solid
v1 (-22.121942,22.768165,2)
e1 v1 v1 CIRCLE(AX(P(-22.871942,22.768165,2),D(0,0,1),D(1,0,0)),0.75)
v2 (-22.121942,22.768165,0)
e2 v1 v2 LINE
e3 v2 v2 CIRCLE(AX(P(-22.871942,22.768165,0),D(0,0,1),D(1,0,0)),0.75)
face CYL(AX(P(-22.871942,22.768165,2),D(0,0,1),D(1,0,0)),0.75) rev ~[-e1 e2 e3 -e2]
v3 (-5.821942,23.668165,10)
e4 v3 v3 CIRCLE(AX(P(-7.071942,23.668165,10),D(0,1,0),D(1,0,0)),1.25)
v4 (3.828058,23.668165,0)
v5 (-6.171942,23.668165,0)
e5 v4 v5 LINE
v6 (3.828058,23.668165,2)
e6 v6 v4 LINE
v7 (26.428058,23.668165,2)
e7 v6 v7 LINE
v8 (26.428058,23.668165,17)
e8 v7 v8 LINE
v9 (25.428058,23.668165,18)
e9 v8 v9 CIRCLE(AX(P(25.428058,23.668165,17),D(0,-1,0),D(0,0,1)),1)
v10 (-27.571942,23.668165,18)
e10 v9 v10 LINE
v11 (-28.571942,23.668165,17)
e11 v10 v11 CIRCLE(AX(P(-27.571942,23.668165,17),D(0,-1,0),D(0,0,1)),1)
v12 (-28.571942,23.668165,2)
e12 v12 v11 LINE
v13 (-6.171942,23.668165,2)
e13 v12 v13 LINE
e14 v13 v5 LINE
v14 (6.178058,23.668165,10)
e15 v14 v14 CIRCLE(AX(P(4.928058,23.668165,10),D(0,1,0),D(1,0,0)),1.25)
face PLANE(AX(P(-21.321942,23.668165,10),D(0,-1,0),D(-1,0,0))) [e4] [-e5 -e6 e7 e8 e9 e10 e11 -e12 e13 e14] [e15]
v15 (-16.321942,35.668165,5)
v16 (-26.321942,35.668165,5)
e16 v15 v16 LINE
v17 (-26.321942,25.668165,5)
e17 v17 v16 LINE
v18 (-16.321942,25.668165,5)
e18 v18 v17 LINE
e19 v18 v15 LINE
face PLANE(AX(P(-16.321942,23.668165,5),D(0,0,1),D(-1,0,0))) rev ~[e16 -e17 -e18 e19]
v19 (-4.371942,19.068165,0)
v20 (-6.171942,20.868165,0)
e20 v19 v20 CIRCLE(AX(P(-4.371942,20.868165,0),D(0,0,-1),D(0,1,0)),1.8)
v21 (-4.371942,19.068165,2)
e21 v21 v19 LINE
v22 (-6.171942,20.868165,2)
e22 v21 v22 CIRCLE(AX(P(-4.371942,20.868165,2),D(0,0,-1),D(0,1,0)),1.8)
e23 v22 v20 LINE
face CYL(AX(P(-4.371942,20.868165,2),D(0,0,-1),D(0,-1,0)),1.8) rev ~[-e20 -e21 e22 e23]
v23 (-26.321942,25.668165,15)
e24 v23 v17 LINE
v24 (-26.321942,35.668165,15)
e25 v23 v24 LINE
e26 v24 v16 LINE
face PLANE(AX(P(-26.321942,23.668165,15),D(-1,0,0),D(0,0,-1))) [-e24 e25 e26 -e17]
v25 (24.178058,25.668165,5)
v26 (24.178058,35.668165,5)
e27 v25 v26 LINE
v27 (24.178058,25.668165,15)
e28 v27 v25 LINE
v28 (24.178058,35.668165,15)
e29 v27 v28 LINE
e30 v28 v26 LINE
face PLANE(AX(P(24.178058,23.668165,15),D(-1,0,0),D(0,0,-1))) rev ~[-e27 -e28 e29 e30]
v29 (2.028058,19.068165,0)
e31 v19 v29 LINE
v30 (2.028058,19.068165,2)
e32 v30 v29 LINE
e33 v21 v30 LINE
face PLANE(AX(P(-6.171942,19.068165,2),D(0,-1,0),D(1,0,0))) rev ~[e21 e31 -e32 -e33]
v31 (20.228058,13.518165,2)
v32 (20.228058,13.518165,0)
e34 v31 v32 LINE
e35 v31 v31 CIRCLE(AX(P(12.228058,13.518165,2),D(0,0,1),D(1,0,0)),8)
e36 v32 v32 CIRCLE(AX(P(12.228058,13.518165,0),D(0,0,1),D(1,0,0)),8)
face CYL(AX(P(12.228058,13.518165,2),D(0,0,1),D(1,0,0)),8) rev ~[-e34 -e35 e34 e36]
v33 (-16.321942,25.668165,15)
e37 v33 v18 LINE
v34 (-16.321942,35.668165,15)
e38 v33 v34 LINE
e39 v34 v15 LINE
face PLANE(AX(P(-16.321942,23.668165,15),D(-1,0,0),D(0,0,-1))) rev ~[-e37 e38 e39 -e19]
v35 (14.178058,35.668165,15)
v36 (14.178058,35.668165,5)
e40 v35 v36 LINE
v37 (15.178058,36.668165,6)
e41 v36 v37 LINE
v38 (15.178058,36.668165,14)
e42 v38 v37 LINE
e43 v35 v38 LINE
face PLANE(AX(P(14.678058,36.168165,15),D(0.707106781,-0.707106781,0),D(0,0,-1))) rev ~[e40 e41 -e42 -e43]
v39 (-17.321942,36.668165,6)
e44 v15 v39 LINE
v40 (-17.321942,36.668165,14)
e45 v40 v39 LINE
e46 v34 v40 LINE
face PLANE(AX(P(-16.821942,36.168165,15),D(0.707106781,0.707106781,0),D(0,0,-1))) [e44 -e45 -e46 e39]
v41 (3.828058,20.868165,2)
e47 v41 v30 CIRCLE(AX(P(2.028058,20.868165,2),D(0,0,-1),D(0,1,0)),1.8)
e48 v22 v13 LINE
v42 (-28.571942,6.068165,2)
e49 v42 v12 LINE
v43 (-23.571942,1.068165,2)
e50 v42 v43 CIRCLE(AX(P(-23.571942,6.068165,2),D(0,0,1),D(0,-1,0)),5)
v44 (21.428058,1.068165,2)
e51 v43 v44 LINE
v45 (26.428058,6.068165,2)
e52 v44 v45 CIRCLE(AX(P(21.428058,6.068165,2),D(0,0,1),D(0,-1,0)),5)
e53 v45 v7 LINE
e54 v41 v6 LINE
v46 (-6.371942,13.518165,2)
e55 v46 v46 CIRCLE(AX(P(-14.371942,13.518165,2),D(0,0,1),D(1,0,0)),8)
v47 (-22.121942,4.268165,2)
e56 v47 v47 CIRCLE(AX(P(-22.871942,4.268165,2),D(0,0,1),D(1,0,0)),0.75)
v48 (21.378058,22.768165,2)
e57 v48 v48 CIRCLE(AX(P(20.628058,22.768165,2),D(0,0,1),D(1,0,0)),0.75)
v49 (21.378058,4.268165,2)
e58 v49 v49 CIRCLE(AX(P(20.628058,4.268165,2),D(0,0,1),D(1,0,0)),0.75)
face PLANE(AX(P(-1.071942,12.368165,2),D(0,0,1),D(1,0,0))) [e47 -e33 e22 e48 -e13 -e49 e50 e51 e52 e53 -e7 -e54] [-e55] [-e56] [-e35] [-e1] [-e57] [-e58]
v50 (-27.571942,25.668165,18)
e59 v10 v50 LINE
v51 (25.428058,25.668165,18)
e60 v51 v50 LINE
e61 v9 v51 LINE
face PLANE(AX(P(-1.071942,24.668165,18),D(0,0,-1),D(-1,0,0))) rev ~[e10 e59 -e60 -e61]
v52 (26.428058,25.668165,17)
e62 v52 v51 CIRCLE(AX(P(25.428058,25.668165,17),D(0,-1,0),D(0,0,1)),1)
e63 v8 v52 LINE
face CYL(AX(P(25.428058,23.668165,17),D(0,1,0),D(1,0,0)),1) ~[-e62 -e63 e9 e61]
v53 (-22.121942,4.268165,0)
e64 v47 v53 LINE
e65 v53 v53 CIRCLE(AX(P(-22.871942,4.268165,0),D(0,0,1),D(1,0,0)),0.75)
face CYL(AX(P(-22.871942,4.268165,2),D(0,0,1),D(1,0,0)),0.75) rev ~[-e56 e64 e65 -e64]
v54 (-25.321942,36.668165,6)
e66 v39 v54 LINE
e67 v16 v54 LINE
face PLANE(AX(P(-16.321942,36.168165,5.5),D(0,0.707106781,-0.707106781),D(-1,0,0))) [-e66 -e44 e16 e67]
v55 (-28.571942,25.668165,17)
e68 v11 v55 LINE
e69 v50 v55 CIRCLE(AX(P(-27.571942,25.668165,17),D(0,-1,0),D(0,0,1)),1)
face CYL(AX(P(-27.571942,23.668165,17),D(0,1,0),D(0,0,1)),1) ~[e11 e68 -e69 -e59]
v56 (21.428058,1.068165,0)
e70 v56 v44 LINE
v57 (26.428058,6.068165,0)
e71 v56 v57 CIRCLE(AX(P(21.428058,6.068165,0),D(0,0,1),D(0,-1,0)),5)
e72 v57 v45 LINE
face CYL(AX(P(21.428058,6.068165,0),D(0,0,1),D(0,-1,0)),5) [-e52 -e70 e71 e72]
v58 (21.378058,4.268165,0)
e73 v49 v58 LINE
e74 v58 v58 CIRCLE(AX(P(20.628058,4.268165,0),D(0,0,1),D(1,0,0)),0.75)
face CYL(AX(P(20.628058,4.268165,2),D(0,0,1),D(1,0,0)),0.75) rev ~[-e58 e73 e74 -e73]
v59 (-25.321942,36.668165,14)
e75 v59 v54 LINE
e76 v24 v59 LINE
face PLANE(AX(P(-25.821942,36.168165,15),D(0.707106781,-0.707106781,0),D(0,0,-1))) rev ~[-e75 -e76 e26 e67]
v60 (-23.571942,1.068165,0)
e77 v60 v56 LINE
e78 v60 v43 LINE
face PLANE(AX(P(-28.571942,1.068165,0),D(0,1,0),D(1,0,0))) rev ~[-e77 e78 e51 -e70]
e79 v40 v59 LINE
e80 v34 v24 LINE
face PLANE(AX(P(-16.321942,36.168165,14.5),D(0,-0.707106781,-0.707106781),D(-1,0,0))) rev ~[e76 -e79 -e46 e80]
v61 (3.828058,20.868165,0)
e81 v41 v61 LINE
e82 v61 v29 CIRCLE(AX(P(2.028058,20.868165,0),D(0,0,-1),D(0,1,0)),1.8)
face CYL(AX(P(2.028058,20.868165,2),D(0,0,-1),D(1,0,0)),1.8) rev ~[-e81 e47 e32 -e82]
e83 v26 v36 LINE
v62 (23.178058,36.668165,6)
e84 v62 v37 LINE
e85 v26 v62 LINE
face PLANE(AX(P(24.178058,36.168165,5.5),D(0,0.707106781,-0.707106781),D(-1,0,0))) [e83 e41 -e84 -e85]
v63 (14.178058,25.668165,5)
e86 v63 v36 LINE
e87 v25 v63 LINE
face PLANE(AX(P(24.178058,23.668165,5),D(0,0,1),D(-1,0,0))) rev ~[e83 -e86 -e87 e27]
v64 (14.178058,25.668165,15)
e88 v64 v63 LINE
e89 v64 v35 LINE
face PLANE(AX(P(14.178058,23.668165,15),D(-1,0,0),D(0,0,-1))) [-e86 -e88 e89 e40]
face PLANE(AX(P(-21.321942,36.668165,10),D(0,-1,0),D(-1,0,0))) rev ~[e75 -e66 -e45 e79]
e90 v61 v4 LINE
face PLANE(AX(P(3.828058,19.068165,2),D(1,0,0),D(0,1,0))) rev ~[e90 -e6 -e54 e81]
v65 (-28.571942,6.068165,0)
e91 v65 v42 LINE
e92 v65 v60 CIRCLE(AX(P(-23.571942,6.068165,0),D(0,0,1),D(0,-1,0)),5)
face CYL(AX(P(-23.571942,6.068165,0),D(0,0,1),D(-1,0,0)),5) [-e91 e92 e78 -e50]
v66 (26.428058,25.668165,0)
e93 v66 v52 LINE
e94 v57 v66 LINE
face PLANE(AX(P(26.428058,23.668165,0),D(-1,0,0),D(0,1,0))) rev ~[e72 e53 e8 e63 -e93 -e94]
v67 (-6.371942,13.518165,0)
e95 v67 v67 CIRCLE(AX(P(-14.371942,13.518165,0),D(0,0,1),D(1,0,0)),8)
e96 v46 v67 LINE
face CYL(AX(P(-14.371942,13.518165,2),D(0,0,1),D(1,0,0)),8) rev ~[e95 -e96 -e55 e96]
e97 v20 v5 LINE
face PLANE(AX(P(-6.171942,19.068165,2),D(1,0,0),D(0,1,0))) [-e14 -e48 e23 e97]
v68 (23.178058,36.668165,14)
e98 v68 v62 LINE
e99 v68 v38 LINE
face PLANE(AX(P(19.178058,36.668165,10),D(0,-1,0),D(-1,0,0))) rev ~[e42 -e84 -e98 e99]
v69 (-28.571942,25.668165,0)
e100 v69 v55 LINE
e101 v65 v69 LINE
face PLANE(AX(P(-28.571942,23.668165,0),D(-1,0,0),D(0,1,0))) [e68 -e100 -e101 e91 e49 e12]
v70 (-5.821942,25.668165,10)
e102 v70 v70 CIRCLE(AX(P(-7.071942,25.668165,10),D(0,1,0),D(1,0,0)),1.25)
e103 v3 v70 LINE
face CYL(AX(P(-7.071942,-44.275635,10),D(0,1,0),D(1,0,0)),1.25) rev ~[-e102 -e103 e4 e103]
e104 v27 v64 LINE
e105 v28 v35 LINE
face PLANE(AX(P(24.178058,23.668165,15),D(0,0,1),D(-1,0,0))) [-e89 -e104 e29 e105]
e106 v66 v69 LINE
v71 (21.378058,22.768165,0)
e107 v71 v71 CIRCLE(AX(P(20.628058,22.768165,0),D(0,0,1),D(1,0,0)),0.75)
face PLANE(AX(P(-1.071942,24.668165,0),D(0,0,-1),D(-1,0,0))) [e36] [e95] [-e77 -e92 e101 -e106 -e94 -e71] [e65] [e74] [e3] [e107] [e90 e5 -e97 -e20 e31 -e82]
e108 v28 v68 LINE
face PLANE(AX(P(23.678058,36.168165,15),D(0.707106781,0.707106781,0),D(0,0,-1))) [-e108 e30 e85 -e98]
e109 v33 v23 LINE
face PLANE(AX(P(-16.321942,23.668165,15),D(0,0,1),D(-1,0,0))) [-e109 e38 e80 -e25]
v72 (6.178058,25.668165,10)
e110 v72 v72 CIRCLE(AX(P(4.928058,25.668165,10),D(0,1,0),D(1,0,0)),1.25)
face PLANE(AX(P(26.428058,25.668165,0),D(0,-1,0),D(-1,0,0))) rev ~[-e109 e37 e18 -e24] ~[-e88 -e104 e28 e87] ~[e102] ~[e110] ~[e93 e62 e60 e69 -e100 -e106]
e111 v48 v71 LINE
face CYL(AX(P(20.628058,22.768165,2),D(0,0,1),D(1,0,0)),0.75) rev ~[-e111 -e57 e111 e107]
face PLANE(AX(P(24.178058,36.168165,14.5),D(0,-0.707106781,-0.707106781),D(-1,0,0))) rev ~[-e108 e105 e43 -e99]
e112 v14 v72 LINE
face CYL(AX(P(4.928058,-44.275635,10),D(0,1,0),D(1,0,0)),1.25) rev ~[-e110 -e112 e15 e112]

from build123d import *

# Parameters (mm, degrees)
SKETCH1_W             = 55
SKETCH1_H             = 22.6
BOSS_EXTRUDE1_DEPTH   = 2
SKETCH2_R             = 8
CUT_EXTRUDE2_DEPTH    = 2
SKETCH2_4_R           = 8
CUT_EXTRUDE3_DEPTH    = 2
SKETCH5_W             = 10
SKETCH5_H             = 4.6
CUT_EXTRUDE4_DEPTH    = 2
SKETCH6_W             = 55
SKETCH6_H             = 2
BOSS_EXTRUDE2_DEPTH   = 18
SKETCH9_W             = 10
SKETCH9_H             = 10
BOSS_EXTRUDE4_DEPTH   = 13
M3X0_5_TAPPED_HOLE1_D = 2.5
M3X0_5_TAPPED_HOLE2_D = 2.5
FILLET1_R             = 5
FILLET2_R             = 5
FILLET4_R             = 1.8
FILLET5_R             = 1.8
CHAMFER2_SIZE         = 1
FILLET10_R            = 1
SKETCH25_R            = 0.75
CUT_EXTRUDE5_DEPTH    = 10


with BuildPart() as part:
    # Sketch1 → Boss-Extrude1 (new body)
    with BuildSketch(Plane.XY):
        with Locations((-1.071942446, 12.368165468)):
            Rectangle(SKETCH1_W, SKETCH1_H)
    extrude(amount=BOSS_EXTRUDE1_DEPTH)

    # Sketch2 → Cut-Extrude2 (cut)
    with BuildSketch(Plane.XY.offset(2)):
        with Locations((-14.371942446, 13.518165468)):
            Circle(SKETCH2_R)
    extrude(amount=-CUT_EXTRUDE2_DEPTH, mode=Mode.SUBTRACT)

    # Sketch2<4> → Cut-Extrude3 (cut)
    with BuildSketch(Plane.XY.offset(2)):
        with Locations((-14.371942446, 13.518165468)):
            Circle(SKETCH2_4_R)
        with Locations((12.228057554, 13.518165468)):
            Circle(SKETCH2_4_R)
    extrude(amount=-CUT_EXTRUDE3_DEPTH, mode=Mode.SUBTRACT)

    # Sketch5 → Cut-Extrude4 (cut)
    with BuildSketch(Plane.XY.offset(2)):
        with Locations((-1.171942446, 21.368165468)):
            Rectangle(SKETCH5_W, SKETCH5_H)
    extrude(amount=-CUT_EXTRUDE4_DEPTH, mode=Mode.SUBTRACT)

    # Sketch6 → Boss-Extrude2 (add)
    with BuildSketch(Plane(origin=(0, 0, 0), x_dir=(-1, 0, 0), z_dir=(0, 0, -1))):
        with Locations((1.071942446, 24.668165468)):
            Rectangle(SKETCH6_W, SKETCH6_H)
    extrude(amount=-BOSS_EXTRUDE2_DEPTH)

    # Sketch9 → Boss-Extrude4 (add)
    with BuildSketch(Plane(origin=(0, 23.668165468, 0), x_dir=(-1, 0, 0), z_dir=(0, -1, 0))):
        with Locations((21.321942446, -10)):
            Rectangle(SKETCH9_W, SKETCH9_H)
        with Locations((-19.178057554, -10)):
            Rectangle(SKETCH9_W, SKETCH9_H)
    extrude(amount=-BOSS_EXTRUDE4_DEPTH)

    # M3x0.5 Tapped Hole1 (through all)
    with Locations(Plane(origin=(0, 23.668165468, 0), x_dir=(-1, 0, 0), z_dir=(0, -1, 0))):
        with Locations((-4.928057554, -10)):
            Hole(M3X0_5_TAPPED_HOLE1_D / 2)

    # M3x0.5 Tapped Hole2 (through all)
    with Locations(Plane(origin=(0, 23.668165468, 0), x_dir=(-1, 0, 0), z_dir=(0, -1, 0))):
        with Locations((7.071942446, -10)):
            Hole(M3X0_5_TAPPED_HOLE2_D / 2)

    # Fillet1
    fillet1_edges = [part.edges().sort_by_distance(p)[0] for p in [
        (-28.571942446, 1.068165468, 1),
    ]]
    fillet(fillet1_edges, radius=FILLET1_R)

    # Fillet2
    fillet2_edges = [part.edges().sort_by_distance(p)[0] for p in [
        (26.428057554, 1.068165468, 1),
    ]]
    fillet(fillet2_edges, radius=FILLET2_R)

    # Fillet4
    fillet4_edges = [part.edges().sort_by_distance(p)[0] for p in [
        (3.828057554, 19.068165468, 1),
    ]]
    fillet(fillet4_edges, radius=FILLET4_R)

    # Fillet5
    fillet5_edges = [part.edges().sort_by_distance(p)[0] for p in [
        (-6.171942446, 19.068165468, 1),
    ]]
    fillet(fillet5_edges, radius=FILLET5_R)

    # Chamfer2
    chamfer2_edges = [part.edges().sort_by_distance(p)[0] for p in [
        (-16.321942446, 36.668165468, 10),
        (-21.321942446, 36.668165468, 5),
        (-26.321942446, 36.668165468, 10),
        (-21.321942446, 36.668165468, 15),
        (24.178057554, 36.668165468, 10),
        (19.178057554, 36.668165468, 5),
        (14.178057554, 36.668165468, 10),
        (19.178057554, 36.668165468, 15),
    ]]
    chamfer(chamfer2_edges, length=CHAMFER2_SIZE)

    # Fillet10
    fillet10_edges = [part.edges().sort_by_distance(p)[0] for p in [
        (26.428057554, 24.668165468, 18),
        (-28.571942446, 24.668165468, 18),
    ]]
    fillet(fillet10_edges, radius=FILLET10_R)

    # Sketch25 → Cut-Extrude5 (cut)
    with BuildSketch(Plane.XY.offset(2)):
        with Locations((20.628057554, 4.268165468)):
            Circle(SKETCH25_R)
        with Locations((20.628057554, 22.768165468)):
            Circle(SKETCH25_R)
        with Locations((-22.871942446, 4.268165468)):
            Circle(SKETCH25_R)
        with Locations((-22.871942446, 22.768165468)):
            Circle(SKETCH25_R)
    extrude(amount=-CUT_EXTRUDE5_DEPTH, mode=Mode.SUBTRACT)


solid = part.part
